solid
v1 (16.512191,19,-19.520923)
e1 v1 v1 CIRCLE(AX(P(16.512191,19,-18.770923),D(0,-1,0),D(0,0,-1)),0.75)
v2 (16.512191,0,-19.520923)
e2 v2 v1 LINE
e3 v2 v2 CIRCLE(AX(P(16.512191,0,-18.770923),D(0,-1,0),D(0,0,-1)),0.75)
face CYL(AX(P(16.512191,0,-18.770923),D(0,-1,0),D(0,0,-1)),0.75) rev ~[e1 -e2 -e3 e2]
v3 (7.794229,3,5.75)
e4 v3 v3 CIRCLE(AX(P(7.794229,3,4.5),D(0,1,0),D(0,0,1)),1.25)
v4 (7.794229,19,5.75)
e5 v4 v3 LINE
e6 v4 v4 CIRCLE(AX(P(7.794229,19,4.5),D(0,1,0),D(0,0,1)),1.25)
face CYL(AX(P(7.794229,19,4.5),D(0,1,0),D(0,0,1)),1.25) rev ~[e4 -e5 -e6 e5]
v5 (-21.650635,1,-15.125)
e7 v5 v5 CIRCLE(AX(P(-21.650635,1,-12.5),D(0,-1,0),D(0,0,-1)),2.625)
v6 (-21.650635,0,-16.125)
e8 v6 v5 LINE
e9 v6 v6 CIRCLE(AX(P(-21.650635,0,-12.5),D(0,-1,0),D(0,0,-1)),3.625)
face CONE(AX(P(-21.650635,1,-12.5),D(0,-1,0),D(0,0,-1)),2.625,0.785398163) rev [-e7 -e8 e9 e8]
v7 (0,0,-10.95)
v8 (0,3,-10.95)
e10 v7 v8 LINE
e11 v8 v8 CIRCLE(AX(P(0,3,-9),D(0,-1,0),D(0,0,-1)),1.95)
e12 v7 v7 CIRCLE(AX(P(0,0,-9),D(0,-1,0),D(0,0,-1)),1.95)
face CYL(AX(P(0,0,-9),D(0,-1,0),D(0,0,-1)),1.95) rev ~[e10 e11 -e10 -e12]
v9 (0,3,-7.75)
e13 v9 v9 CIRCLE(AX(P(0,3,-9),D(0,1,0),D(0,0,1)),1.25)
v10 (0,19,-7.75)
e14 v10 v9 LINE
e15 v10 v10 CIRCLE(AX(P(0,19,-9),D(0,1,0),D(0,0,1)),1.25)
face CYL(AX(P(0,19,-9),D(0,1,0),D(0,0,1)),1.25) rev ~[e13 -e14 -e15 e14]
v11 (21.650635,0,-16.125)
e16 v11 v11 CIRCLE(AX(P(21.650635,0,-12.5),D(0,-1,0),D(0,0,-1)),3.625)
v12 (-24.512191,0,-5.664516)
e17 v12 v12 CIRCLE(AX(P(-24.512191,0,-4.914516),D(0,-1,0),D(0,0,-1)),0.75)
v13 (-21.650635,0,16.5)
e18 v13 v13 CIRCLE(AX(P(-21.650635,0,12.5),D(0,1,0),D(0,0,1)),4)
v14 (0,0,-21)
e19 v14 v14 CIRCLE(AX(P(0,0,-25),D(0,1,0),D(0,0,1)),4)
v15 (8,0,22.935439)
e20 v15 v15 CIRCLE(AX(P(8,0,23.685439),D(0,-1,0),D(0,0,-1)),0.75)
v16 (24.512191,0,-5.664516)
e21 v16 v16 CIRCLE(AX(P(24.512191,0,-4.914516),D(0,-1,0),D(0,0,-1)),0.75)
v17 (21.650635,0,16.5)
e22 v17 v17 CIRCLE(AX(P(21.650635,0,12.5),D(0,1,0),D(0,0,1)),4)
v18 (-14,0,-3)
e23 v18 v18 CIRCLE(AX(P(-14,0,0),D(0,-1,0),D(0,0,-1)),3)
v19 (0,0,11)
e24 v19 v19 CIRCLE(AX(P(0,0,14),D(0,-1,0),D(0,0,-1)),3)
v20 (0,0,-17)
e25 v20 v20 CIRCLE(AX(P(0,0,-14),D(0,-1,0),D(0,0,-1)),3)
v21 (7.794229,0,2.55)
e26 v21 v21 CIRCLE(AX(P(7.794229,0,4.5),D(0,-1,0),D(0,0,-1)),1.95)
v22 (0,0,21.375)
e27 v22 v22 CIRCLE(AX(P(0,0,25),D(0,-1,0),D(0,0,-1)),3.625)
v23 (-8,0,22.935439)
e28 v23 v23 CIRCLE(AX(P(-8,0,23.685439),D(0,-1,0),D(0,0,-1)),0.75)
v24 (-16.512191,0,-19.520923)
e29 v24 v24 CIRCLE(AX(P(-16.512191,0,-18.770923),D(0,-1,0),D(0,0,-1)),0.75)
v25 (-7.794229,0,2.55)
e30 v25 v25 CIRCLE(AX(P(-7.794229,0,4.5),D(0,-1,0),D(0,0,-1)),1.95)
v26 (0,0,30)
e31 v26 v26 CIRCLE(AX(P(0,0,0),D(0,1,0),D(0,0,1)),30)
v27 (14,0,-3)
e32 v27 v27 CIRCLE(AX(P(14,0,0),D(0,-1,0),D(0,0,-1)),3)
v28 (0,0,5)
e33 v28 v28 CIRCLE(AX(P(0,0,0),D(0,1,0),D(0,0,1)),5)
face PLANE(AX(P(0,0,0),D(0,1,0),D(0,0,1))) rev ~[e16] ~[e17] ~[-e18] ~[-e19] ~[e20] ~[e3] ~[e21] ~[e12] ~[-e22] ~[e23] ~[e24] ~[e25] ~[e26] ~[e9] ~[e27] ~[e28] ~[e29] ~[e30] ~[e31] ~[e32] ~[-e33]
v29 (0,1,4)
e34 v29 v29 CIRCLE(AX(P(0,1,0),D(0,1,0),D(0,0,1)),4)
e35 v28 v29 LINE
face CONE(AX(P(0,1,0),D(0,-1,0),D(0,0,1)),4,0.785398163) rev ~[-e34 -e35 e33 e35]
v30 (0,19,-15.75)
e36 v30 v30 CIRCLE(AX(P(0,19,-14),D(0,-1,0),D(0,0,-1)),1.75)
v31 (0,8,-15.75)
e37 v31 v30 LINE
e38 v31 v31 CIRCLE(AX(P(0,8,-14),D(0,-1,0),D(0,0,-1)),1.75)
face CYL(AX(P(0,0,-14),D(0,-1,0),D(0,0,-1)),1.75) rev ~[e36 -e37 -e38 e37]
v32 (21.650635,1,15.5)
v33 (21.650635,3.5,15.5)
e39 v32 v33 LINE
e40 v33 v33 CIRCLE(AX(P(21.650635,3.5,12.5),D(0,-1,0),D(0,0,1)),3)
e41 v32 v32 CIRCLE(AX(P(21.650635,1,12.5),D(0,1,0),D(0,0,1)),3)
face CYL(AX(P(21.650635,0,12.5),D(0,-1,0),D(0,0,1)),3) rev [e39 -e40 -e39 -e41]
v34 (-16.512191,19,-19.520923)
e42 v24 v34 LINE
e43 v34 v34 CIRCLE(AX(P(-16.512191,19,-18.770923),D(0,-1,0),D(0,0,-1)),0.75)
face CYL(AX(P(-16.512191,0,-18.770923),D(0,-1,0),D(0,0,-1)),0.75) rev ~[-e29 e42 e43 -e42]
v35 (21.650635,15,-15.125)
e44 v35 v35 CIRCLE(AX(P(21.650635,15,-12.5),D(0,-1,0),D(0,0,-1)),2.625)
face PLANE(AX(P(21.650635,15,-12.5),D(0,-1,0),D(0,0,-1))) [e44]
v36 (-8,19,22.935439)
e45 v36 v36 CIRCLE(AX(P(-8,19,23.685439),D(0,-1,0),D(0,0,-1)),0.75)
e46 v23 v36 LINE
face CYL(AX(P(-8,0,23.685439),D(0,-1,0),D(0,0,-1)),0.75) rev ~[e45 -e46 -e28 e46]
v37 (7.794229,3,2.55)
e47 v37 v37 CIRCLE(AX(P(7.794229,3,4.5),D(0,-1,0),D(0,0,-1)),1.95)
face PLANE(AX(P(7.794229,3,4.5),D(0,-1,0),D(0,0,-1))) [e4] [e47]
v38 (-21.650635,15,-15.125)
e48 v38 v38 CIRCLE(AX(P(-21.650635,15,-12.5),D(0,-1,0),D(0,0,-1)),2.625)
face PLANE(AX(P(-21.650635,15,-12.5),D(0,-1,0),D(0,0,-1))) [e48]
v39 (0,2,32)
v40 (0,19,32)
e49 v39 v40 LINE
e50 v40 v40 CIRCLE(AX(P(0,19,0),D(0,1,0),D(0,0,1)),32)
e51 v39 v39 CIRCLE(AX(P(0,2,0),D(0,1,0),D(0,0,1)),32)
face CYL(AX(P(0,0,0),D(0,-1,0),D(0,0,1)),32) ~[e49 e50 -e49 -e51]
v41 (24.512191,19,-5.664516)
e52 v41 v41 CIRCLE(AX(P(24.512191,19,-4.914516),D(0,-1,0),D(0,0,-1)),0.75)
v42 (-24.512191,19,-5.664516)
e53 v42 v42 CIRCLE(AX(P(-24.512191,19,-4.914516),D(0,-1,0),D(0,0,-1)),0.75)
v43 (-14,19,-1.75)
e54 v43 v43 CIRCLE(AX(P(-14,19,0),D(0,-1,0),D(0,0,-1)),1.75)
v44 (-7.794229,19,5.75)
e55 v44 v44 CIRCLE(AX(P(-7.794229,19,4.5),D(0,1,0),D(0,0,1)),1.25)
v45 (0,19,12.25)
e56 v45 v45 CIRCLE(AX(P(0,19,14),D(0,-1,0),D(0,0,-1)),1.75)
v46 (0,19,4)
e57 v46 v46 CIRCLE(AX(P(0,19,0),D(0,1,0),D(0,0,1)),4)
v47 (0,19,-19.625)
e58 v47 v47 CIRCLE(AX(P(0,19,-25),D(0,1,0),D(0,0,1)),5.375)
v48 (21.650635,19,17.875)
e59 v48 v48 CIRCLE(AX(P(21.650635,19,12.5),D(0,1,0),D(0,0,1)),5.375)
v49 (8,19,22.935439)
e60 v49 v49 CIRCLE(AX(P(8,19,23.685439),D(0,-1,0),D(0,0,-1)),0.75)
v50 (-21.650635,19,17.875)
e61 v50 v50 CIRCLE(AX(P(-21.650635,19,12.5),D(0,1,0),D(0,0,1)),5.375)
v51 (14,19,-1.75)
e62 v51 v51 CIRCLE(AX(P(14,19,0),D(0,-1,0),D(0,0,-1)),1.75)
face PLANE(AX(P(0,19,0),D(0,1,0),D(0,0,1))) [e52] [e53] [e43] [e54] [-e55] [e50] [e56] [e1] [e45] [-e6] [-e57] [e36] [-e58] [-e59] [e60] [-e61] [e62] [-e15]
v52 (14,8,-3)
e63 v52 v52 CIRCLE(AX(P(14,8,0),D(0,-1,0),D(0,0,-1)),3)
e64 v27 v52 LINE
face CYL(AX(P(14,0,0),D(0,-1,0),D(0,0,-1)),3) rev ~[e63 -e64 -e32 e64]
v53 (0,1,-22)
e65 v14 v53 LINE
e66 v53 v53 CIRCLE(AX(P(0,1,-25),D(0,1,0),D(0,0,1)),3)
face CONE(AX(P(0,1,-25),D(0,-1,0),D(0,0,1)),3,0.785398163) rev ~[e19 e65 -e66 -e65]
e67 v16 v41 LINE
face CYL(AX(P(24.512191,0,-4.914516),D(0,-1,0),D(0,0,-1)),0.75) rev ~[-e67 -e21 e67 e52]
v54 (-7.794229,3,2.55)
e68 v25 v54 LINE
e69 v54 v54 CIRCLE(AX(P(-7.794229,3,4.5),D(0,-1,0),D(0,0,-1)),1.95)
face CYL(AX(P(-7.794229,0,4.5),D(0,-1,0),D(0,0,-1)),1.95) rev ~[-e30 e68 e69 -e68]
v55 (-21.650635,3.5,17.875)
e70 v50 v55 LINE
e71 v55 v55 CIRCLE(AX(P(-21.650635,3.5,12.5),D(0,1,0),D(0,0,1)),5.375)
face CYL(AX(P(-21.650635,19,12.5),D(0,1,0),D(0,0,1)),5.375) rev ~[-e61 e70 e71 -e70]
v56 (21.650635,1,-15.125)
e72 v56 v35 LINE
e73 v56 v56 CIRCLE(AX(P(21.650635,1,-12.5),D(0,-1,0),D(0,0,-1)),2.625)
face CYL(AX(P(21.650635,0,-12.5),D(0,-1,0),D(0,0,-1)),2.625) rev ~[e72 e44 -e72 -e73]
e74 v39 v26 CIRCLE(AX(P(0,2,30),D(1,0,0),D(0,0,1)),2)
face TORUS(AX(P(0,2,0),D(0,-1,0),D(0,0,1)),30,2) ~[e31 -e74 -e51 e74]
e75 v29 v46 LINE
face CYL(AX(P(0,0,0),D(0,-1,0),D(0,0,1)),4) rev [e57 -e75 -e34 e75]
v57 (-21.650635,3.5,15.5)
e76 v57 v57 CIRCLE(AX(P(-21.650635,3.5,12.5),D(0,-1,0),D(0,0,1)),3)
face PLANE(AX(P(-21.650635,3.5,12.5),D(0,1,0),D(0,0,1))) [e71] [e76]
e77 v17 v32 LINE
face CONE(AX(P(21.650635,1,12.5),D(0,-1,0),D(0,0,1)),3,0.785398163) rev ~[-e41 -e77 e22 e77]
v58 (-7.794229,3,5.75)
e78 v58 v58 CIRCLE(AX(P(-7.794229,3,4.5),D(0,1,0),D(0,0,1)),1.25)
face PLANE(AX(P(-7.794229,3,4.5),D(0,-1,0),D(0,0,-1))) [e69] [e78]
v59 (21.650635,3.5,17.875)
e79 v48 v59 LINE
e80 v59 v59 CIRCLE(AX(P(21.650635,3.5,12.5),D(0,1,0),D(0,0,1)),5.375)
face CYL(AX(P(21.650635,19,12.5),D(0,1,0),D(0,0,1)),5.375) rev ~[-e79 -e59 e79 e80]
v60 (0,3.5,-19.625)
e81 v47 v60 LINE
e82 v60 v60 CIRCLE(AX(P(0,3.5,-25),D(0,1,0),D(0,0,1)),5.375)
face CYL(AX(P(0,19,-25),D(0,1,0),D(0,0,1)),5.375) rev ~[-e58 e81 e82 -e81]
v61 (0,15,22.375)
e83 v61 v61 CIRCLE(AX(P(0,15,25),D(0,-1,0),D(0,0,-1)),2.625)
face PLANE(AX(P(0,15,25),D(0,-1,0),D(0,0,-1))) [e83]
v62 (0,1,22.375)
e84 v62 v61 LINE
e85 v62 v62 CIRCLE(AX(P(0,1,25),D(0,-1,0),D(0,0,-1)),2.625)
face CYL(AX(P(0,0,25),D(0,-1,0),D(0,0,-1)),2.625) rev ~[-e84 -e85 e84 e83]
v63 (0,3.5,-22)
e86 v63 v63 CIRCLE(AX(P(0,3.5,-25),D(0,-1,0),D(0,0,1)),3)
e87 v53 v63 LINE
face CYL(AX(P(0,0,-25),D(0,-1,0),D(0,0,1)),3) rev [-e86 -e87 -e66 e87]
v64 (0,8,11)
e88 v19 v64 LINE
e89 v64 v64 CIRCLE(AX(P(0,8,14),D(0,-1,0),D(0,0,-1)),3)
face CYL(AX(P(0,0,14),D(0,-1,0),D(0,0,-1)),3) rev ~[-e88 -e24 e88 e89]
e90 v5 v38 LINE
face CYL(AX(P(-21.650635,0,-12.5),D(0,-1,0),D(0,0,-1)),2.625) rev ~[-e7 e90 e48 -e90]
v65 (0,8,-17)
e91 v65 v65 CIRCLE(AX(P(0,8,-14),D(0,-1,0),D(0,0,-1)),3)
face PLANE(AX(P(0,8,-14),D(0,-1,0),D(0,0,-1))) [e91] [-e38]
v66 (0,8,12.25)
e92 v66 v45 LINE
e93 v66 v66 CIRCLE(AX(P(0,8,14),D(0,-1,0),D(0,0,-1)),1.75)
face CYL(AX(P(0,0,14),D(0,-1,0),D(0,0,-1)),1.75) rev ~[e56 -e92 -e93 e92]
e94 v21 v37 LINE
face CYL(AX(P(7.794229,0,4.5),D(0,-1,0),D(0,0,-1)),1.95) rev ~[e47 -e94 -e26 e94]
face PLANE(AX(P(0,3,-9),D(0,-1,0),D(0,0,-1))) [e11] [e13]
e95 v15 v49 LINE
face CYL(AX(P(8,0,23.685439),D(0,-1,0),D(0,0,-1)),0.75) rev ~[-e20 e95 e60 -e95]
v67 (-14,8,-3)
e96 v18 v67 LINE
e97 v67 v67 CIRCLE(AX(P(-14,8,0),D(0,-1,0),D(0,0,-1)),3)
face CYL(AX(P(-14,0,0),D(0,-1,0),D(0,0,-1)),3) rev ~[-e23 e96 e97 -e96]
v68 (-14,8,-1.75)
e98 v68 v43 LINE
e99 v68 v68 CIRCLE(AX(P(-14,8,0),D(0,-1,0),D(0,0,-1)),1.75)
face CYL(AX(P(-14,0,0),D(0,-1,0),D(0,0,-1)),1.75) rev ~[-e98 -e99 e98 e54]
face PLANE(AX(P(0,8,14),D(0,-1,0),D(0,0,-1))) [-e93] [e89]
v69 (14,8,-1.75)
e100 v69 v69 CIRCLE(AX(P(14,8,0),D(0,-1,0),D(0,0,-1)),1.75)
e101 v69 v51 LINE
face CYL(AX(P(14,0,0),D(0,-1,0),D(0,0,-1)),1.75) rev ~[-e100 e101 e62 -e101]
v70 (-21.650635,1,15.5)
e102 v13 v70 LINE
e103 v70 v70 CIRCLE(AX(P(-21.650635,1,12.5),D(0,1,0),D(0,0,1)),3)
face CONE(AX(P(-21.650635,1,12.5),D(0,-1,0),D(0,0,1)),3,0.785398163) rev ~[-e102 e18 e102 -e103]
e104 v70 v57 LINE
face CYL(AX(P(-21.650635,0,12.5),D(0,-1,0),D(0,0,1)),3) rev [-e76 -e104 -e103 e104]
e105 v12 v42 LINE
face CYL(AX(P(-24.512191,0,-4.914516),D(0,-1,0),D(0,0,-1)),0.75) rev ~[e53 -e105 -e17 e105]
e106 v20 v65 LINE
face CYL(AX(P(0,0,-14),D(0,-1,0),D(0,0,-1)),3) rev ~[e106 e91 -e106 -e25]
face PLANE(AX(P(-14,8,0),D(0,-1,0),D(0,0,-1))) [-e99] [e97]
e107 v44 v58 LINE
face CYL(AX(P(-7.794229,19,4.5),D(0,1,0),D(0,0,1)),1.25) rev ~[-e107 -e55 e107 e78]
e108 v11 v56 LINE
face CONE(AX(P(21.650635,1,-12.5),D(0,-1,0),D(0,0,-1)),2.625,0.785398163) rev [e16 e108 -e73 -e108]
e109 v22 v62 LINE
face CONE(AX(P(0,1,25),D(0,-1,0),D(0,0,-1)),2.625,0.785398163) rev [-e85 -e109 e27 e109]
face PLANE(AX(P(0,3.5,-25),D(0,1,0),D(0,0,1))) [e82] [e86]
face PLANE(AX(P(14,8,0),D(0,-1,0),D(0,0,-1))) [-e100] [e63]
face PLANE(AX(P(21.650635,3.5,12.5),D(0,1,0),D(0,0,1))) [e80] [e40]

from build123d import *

# Parameters (mm, degrees)
SKETCH_1_R          = 32
SKETCH_1_R_2        = 4
SKETCH_1_R_3        = 3
EXTRUDE_1_DEPTH     = 19
FILLET_1_R          = 2
SKETCH_2_R          = 5.375
CUT_EXTRUDE_1_DEPTH = 15.5
SKETCH_3_R          = 2.625
CUT_EXTRUDE_2_DEPTH = 15
SKETCH_4_R          = 1.75
CUT_EXTRUDE_3_DEPTH = 50.081564832
SKETCH_5_R          = 1.25
CUT_EXTRUDE_4_DEPTH = 50.081564832
SKETCH_6_R          = 3
CUT_EXTRUDE_5_DEPTH = 8
SKETCH_7_R          = 1.95
CUT_EXTRUDE_6_DEPTH = 3
CHAMFER_1_SIZE      = 1
SKETCH_8_R          = 0.75
CUT_EXTRUDE_7_DEPTH = 50.081564832


with BuildPart() as part:
    # Эскиз1 → Бобышка-Вытянуть1 (new body)
    with BuildSketch(Plane(origin=(0, 0, 0), x_dir=(1, 0, 0), z_dir=(0, 1, 0))):
        with Locations(Location((0, 0, 0), (0, 0, 270))):
            Circle(SKETCH_1_R)
        with Locations(Location((0, 0, 0), (0, 0, 270))):
            Circle(SKETCH_1_R_2, mode=Mode.SUBTRACT)
        with Locations(Location((0, 25, 0), (0, 0, 270))):
            Circle(SKETCH_1_R_3, mode=Mode.SUBTRACT)
        with Locations(Location((21.650635095, -12.5, 0), (0, 0, 270))):
            Circle(SKETCH_1_R_3, mode=Mode.SUBTRACT)
        with Locations(Location((-21.650635095, -12.5, 0), (0, 0, 270))):
            Circle(SKETCH_1_R_3, mode=Mode.SUBTRACT)
    extrude(amount=EXTRUDE_1_DEPTH)

    # Скругление1
    fillet_1_edges = [part.edges().sort_by_distance(p)[0] for p in [
        (0, 0, -32),
    ]]
    fillet(fillet_1_edges, radius=FILLET_1_R)

    # Эскиз2 → Вырез-Вытянуть1 (cut)
    with BuildSketch(Plane(origin=(0, 19, 0), x_dir=(1, 0, 0), z_dir=(0, 1, 0))):
        with Locations(Location((0, 25, 0), (0, 0, 270))):
            Circle(SKETCH_2_R)
        with Locations(Location((21.650635095, -12.5, 0), (0, 0, 270))):
            Circle(SKETCH_2_R)
        with Locations(Location((-21.650635095, -12.5, 0), (0, 0, 270))):
            Circle(SKETCH_2_R)
    extrude(amount=-CUT_EXTRUDE_1_DEPTH, mode=Mode.SUBTRACT)

    # Эскиз3 → Вырез-Вытянуть2 (cut)
    with BuildSketch(Plane.XZ):
        with Locations(Location((0, 25, 0), (0, 0, 270))):
            Circle(SKETCH_3_R)
        with Locations(Location((21.650635095, -12.5, 0), (0, 0, 270))):
            Circle(SKETCH_3_R)
        with Locations(Location((-21.650635095, -12.5, 0), (0, 0, 270))):
            Circle(SKETCH_3_R)
    extrude(amount=-CUT_EXTRUDE_2_DEPTH, mode=Mode.SUBTRACT)

    # Эскиз4 → Вырез-Вытянуть3 (cut, through all)
    with BuildSketch(Plane.XZ):
        with Locations(Location((0, 14, 0), (0, 0, 270))):
            Circle(SKETCH_4_R)
        with Locations(Location((14, 0, 0), (0, 0, 270))):
            Circle(SKETCH_4_R)
        with Locations(Location((0, -14, 0), (0, 0, 270))):
            Circle(SKETCH_4_R)
        with Locations(Location((-14, 0, 0), (0, 0, 270))):
            Circle(SKETCH_4_R)
    extrude(amount=-CUT_EXTRUDE_3_DEPTH, mode=Mode.SUBTRACT)

    # Эскиз5 → Вырез-Вытянуть4 (cut, through all)
    with BuildSketch(Plane(origin=(0, 19, 0), x_dir=(1, 0, 0), z_dir=(0, 1, 0))):
        with Locations(Location((0, 9, 0), (0, 0, 270))):
            Circle(SKETCH_5_R)
        with Locations(Location((7.794228634, -4.5, 0), (0, 0, 270))):
            Circle(SKETCH_5_R)
        with Locations(Location((-7.794228634, -4.5, 0), (0, 0, 270))):
            Circle(SKETCH_5_R)
    extrude(amount=-CUT_EXTRUDE_4_DEPTH, mode=Mode.SUBTRACT)

    # Эскиз6 → Вырез-Вытянуть5 (cut)
    with BuildSketch(Plane.XZ):
        with Locations(Location((0, 14, 0), (0, 0, 270))):
            Circle(SKETCH_6_R)
        with Locations(Location((14, 0, 0), (0, 0, 270))):
            Circle(SKETCH_6_R)
        with Locations(Location((0, -14, 0), (0, 0, 270))):
            Circle(SKETCH_6_R)
        with Locations(Location((-14, 0, 0), (0, 0, 270))):
            Circle(SKETCH_6_R)
    extrude(amount=-CUT_EXTRUDE_5_DEPTH, mode=Mode.SUBTRACT)

    # Эскиз7 → Вырез-Вытянуть6 (cut)
    with BuildSketch(Plane.XZ):
        with Locations(Location((7.794228634, 4.5, 0), (0, 0, 270))):
            Circle(SKETCH_7_R)
        with Locations(Location((0, -9, 0), (0, 0, 270))):
            Circle(SKETCH_7_R)
        with Locations(Location((-7.794228634, 4.5, 0), (0, 0, 270))):
            Circle(SKETCH_7_R)
    extrude(amount=-CUT_EXTRUDE_6_DEPTH, mode=Mode.SUBTRACT)

    # Фаска1
    chamfer_1_edges = [part.edges().sort_by_distance(p)[0] for p in [
        (21.650635095, 0, 9.5),
        (-21.650635095, 0, 9.5),
        (0, 0, 27.625),
        (21.650635095, 0, -9.875),
        (-21.650635095, 0, -9.875),
        (0, 0, -4),
        (0, 0, -28),
    ]]
    chamfer(chamfer_1_edges, length=CHAMFER_1_SIZE)

    # Эскиз8 → Вырез-Вытянуть7 (cut, through all)
    with BuildSketch(Plane.XZ):
        with Locations(Location((-8, 23.685438565, 0), (0, 0, 270))):
            Circle(SKETCH_8_R)
        with Locations(Location((8, 23.685438565, 0), (0, 0, 270))):
            Circle(SKETCH_8_R)
        with Locations(Location((24.512191497, -4.914516052, 0), (0, 0, 270))):
            Circle(SKETCH_8_R)
        with Locations(Location((16.512191497, -18.770922513, 0), (0, 0, 270))):
            Circle(SKETCH_8_R)
        with Locations(Location((-16.512191497, -18.770922513, 0), (0, 0, 270))):
            Circle(SKETCH_8_R)
        with Locations(Location((-24.512191497, -4.914516052, 0), (0, 0, 270))):
            Circle(SKETCH_8_R)
    extrude(amount=-CUT_EXTRUDE_7_DEPTH, mode=Mode.SUBTRACT)


solid = part.part
